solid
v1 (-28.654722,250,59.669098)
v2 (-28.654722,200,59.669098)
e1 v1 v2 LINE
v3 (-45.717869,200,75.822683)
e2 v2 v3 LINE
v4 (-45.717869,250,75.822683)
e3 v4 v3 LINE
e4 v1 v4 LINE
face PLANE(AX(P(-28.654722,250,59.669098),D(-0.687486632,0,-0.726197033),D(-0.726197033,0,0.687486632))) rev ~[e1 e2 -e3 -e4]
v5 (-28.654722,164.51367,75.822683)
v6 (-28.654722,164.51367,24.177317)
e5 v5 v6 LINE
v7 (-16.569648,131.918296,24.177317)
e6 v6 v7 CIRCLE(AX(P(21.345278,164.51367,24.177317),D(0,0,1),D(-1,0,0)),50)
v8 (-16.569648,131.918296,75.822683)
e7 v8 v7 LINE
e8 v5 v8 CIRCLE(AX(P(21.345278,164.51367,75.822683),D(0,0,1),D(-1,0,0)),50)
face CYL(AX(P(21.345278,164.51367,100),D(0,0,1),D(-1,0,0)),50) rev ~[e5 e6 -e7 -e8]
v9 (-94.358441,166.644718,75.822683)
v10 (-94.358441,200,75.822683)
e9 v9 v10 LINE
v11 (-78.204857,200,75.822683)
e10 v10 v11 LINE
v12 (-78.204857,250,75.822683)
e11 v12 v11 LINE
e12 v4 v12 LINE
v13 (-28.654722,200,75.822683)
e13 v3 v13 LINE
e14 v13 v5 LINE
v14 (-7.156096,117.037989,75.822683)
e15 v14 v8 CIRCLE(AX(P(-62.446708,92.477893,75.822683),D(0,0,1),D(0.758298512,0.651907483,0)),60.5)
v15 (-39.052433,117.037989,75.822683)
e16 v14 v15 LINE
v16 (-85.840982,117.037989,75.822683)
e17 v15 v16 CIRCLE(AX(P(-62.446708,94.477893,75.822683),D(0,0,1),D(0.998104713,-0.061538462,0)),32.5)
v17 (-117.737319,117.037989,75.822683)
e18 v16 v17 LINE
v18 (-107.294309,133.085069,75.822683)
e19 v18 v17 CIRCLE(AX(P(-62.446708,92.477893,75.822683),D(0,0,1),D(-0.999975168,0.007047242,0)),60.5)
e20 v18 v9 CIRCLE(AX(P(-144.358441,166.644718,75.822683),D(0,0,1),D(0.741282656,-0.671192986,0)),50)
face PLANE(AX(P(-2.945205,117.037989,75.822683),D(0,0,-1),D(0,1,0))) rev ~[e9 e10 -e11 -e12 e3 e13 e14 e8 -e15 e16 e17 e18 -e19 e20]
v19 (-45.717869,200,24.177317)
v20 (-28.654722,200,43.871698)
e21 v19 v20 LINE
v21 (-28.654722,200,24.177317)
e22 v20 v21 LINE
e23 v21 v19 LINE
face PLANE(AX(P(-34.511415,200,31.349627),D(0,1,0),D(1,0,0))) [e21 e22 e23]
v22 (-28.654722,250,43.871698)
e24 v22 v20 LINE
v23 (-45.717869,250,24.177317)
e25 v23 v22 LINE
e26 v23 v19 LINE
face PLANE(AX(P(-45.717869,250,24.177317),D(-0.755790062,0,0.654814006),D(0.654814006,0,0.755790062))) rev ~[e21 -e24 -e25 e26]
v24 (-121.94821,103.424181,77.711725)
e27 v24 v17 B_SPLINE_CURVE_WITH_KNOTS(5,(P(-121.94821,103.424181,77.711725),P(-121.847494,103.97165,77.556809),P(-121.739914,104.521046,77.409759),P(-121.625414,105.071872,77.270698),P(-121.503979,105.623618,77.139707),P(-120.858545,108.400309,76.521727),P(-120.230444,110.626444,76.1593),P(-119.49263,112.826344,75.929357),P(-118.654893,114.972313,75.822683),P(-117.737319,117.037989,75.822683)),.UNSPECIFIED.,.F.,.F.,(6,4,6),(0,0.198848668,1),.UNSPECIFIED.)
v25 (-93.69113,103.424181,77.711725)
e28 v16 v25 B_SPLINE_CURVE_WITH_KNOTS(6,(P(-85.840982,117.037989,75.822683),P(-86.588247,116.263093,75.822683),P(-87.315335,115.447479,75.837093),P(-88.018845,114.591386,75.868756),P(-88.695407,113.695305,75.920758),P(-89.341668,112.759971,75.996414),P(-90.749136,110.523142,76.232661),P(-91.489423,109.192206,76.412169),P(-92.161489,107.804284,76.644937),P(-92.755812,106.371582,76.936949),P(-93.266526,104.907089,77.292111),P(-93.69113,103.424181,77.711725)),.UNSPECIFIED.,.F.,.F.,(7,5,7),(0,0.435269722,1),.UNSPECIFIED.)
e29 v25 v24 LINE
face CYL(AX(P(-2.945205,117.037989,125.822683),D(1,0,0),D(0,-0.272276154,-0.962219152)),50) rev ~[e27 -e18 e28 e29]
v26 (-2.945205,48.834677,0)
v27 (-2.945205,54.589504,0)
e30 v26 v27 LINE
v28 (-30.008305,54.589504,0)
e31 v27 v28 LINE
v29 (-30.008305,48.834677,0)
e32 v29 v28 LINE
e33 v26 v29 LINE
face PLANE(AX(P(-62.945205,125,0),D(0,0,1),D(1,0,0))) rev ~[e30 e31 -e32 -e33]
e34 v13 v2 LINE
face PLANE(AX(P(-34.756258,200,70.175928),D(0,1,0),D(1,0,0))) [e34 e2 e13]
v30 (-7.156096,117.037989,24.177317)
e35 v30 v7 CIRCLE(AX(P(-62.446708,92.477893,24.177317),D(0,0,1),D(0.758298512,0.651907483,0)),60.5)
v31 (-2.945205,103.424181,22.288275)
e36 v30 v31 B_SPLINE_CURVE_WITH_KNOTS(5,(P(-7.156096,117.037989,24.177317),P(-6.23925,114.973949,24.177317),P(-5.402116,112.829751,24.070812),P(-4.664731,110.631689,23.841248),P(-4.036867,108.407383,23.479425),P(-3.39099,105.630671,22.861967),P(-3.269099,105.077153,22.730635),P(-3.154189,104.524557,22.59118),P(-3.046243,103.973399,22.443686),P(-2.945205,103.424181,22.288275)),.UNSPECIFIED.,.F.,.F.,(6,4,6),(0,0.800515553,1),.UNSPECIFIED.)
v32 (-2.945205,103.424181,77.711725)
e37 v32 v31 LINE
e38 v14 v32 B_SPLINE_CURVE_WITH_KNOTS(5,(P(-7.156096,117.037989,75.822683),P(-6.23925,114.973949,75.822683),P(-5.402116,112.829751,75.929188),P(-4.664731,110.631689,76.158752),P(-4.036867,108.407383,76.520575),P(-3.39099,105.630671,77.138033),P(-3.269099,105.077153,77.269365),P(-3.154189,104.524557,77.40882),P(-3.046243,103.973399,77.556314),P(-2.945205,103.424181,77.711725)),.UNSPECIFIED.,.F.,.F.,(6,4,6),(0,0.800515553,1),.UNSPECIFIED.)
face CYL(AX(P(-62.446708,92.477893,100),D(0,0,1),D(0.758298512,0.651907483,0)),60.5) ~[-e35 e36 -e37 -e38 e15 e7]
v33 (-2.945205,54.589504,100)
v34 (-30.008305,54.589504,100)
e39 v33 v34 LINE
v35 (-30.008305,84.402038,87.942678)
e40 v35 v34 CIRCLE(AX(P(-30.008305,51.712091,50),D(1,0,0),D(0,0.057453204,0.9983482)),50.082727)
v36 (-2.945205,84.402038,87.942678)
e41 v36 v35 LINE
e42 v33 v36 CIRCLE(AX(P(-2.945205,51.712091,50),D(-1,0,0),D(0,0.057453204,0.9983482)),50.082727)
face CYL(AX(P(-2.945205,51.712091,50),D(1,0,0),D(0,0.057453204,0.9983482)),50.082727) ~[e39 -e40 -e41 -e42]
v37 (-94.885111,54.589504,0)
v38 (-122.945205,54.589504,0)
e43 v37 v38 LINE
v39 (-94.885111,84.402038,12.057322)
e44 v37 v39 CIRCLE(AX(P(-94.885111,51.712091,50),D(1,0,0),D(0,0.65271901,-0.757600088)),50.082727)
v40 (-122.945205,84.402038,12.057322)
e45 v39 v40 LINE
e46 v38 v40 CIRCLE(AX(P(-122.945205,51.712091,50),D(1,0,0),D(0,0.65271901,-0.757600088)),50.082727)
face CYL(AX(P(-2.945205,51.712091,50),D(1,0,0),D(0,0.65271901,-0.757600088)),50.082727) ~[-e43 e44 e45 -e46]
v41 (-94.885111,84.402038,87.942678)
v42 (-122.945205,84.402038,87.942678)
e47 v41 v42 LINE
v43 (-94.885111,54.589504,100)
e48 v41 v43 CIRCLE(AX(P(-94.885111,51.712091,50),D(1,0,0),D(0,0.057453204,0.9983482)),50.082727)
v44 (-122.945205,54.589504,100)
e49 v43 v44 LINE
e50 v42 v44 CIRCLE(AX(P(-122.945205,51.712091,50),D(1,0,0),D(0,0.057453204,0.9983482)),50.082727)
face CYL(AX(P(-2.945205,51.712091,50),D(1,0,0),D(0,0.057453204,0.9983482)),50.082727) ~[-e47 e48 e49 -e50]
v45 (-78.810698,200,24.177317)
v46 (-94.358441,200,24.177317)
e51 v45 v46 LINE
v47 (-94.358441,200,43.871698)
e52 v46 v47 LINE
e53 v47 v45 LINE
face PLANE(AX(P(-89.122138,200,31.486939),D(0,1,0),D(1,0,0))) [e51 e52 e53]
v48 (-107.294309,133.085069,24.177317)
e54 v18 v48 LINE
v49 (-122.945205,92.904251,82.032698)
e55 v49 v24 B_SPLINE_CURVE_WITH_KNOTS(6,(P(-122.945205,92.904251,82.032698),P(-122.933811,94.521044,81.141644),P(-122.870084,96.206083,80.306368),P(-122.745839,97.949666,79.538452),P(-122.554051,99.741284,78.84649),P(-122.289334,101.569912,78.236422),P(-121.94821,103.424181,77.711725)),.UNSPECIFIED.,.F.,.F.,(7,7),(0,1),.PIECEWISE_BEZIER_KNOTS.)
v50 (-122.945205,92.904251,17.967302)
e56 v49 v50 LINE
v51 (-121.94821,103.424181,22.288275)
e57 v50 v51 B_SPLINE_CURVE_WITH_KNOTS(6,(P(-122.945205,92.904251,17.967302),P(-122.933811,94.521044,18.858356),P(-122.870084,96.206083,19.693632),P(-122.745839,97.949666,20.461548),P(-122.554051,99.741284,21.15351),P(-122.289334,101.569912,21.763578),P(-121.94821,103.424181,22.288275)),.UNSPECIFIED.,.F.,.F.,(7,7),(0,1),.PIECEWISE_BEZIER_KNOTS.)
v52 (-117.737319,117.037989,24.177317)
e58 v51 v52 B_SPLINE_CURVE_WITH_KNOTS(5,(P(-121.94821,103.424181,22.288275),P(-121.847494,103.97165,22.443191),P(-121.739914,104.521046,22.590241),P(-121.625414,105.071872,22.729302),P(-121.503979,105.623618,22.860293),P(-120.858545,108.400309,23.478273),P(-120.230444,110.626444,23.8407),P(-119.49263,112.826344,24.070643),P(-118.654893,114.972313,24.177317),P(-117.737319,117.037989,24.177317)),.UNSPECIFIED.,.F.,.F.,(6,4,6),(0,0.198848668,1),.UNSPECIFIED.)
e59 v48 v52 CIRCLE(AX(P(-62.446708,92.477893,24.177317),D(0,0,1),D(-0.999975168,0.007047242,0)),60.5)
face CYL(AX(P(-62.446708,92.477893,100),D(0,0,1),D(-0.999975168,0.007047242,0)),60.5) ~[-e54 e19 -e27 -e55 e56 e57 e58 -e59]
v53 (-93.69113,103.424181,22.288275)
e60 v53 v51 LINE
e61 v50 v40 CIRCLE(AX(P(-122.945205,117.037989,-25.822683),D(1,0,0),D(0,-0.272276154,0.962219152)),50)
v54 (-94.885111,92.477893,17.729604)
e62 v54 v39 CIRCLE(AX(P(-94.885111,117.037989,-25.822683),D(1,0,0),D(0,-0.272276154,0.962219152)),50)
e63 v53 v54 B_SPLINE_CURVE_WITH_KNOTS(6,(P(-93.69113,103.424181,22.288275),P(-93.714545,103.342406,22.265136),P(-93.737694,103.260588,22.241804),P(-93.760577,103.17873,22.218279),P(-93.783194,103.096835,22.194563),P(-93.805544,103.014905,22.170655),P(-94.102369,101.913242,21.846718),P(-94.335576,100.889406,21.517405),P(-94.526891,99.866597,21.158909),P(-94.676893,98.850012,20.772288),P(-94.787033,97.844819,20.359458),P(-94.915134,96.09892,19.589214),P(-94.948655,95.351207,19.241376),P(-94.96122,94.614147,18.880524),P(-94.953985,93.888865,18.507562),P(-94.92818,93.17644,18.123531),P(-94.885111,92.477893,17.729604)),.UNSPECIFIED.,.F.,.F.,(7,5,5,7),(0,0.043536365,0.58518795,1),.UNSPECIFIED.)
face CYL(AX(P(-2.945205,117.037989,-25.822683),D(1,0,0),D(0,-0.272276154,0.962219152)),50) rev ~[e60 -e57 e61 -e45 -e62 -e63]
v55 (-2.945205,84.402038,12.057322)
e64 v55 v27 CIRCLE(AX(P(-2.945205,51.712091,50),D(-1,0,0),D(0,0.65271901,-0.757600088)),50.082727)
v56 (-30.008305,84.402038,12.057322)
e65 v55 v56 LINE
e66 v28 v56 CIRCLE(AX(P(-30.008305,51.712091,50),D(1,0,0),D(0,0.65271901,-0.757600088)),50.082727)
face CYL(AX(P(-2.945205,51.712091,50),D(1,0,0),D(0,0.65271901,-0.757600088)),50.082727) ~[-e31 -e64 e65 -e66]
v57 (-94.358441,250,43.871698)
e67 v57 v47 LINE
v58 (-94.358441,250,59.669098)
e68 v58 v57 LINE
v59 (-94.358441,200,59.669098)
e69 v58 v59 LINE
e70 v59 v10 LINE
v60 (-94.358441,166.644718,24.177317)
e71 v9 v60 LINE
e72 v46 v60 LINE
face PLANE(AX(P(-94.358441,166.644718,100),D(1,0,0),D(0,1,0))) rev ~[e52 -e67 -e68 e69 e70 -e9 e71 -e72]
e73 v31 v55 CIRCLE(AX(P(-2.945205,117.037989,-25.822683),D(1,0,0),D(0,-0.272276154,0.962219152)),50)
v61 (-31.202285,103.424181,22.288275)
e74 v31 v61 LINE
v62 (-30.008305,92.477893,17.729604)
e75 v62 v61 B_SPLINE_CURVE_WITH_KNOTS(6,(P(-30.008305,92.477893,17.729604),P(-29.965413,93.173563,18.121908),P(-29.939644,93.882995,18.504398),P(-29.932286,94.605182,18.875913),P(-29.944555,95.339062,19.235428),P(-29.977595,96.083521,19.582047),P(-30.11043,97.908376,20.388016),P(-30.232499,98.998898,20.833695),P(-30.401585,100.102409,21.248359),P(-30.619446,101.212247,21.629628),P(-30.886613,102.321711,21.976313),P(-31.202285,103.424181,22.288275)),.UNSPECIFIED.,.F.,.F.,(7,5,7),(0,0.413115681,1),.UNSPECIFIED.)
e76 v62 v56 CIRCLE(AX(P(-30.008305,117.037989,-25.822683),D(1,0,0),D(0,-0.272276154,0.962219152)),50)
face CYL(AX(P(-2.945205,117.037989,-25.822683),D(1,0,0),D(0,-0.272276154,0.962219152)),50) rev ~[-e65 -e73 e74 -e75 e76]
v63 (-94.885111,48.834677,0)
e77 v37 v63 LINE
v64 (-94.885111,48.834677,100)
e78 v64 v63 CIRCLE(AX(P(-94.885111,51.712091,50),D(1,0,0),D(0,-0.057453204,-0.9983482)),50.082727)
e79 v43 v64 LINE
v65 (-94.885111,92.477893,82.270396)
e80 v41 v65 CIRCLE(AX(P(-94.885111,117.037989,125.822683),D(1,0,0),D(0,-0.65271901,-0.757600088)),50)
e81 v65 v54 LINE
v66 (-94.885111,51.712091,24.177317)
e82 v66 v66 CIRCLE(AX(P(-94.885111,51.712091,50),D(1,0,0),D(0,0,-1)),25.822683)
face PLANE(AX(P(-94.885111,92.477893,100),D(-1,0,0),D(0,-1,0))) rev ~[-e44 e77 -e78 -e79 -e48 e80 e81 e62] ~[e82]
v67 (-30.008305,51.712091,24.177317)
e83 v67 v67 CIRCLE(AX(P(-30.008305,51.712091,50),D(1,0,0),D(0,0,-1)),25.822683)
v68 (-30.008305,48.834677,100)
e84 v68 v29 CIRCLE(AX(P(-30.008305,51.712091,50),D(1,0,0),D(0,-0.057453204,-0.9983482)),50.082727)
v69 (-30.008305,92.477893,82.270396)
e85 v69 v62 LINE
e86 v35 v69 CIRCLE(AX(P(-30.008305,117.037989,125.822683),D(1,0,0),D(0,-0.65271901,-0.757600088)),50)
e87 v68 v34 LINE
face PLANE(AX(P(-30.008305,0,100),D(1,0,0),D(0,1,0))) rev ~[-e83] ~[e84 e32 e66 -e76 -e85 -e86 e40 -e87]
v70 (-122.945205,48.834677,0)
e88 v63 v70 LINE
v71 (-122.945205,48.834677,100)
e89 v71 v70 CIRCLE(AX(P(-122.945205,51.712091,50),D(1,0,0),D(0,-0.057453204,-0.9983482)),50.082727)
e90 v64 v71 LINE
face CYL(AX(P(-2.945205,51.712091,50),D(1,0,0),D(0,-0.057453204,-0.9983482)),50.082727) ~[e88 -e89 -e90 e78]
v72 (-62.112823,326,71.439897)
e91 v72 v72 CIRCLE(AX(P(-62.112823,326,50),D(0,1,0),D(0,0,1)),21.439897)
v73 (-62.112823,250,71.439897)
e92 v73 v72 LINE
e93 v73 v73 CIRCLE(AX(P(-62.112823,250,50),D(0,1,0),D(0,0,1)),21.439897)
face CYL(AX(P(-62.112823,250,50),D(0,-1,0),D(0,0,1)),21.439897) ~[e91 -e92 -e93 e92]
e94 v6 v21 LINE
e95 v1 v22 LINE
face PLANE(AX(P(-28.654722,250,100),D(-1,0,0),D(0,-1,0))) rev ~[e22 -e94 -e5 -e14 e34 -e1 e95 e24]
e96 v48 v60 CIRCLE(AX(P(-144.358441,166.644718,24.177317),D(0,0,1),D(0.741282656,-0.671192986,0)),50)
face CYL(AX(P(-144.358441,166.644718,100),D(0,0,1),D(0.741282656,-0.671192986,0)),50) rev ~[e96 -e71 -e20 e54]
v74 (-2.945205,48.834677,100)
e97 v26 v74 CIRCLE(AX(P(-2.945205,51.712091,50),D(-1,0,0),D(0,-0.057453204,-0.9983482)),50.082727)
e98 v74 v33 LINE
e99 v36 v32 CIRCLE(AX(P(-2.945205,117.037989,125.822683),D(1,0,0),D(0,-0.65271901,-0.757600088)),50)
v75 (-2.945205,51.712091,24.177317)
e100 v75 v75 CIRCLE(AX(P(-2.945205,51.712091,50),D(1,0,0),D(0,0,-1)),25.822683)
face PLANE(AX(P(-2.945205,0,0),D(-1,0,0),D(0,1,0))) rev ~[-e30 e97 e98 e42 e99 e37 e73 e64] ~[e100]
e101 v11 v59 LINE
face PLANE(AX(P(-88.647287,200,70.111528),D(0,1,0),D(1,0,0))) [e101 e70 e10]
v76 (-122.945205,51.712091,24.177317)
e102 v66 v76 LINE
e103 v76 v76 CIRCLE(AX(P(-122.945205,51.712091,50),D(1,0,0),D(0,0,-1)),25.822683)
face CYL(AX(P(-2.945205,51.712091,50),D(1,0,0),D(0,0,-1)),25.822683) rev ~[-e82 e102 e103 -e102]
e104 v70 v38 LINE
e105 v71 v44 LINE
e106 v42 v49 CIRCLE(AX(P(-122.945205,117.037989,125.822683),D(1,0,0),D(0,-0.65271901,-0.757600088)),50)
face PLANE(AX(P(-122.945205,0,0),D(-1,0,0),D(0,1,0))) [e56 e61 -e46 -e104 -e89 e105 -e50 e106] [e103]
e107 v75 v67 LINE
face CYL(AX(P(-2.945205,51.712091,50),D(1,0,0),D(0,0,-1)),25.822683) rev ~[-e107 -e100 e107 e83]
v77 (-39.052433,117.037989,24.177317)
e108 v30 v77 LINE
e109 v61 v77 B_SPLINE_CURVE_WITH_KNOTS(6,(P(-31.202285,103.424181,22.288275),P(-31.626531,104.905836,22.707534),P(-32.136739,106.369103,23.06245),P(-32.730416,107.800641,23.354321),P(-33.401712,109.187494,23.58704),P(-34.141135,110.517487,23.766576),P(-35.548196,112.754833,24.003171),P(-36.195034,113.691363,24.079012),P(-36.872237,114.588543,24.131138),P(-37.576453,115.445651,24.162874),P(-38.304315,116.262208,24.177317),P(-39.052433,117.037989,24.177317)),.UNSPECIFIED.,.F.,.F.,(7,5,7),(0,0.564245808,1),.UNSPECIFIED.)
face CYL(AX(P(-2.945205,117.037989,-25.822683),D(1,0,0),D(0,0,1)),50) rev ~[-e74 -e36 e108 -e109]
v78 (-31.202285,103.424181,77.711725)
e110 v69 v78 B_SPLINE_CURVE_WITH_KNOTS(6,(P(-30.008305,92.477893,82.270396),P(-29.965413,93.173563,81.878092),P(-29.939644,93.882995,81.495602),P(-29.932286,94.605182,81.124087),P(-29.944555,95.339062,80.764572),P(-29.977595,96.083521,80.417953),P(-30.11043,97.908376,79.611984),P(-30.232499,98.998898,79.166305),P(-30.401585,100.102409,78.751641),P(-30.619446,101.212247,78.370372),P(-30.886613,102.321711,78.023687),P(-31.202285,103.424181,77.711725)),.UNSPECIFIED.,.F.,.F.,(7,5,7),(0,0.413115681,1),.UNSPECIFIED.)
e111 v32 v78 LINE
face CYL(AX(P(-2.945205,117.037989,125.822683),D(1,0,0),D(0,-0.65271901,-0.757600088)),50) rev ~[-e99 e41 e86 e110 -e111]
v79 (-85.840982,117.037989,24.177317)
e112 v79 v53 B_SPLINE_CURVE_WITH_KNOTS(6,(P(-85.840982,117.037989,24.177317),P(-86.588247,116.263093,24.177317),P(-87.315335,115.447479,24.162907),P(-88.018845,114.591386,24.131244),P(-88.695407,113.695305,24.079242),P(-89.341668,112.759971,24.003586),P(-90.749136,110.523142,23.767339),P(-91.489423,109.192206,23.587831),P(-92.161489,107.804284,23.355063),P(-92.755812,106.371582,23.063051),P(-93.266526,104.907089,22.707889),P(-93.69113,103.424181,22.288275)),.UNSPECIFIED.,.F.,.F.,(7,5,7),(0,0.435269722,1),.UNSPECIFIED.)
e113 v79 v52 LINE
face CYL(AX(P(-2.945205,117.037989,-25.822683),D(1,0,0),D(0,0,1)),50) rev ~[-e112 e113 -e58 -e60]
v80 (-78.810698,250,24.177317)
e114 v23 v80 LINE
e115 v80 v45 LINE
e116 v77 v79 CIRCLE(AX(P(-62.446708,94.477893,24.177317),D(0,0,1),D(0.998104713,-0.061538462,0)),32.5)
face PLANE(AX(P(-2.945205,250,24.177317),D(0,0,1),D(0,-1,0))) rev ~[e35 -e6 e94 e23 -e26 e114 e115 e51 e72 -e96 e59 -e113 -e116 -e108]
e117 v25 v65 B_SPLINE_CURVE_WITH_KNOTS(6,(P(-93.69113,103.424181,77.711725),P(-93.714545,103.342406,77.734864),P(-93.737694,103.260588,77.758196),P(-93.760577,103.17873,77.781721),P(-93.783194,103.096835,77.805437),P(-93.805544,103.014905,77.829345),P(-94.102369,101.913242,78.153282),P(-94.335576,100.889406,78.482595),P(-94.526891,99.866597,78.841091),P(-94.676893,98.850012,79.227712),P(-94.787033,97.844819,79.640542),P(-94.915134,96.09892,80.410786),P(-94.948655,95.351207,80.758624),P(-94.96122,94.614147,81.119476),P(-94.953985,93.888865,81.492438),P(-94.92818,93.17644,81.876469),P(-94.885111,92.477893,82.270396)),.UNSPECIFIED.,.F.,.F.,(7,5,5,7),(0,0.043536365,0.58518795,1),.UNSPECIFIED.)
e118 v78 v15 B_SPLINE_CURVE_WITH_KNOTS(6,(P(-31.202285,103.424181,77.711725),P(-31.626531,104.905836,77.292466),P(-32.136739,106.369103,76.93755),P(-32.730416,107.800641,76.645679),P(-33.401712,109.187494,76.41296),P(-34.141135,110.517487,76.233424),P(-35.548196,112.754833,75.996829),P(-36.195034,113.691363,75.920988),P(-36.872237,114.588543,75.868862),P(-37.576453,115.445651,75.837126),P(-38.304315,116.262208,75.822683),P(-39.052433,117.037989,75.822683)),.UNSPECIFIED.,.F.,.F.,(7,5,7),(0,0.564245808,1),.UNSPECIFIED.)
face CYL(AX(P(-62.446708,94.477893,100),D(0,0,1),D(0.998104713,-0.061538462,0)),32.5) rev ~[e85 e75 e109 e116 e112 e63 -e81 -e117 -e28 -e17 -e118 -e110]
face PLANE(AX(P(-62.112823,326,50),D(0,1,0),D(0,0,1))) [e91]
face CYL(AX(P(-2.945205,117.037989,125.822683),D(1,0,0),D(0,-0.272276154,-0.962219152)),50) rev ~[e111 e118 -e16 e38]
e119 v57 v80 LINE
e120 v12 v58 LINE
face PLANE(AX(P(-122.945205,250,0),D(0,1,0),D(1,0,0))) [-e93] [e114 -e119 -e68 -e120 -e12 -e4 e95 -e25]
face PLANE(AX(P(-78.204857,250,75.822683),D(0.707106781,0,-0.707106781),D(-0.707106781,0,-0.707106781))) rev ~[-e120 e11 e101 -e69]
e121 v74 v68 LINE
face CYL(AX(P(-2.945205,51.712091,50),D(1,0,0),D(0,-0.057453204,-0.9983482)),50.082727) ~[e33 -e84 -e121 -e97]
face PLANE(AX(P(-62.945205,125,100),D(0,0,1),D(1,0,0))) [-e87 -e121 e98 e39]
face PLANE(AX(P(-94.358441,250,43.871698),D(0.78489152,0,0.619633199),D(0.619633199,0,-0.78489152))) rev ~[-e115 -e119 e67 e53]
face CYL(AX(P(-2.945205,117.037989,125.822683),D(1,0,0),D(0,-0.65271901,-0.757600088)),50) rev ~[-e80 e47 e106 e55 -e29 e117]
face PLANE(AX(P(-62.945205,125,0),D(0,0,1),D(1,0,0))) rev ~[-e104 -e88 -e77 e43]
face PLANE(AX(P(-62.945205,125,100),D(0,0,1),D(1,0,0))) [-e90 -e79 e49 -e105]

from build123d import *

# Parameters (mm, degrees)
SKETCH1_W           = 120
SKETCH1_H           = 250
BOSS_EXTRUDE1_DEPTH = 100
CUT_EXTRUDE4_DEPTH  = 296.999195185
SKETCH3_R           = 25.822682523
CUT_EXTRUDE5_DEPTH  = 295.78805946
CUT_EXTRUDE6_DEPTH  = 50
SKETCH5_R           = 21.439897113
BOSS_EXTRUDE2_DEPTH = 76


with BuildPart() as part:
    # Sketch1 → Boss-Extrude1 (new body)
    with BuildSketch(Plane.XY):
        with Locations((-62.945205479, 125)):
            Rectangle(SKETCH1_W, SKETCH1_H)
    extrude(amount=BOSS_EXTRUDE1_DEPTH)

    # Sketch2 → Cut-Extrude4 (cut, through all)
    with BuildSketch(Plane.XY.offset(100)):
        with BuildLine():
            ThreePointArc((-30.008304656, 92.477893201), (-62.446707823, 126.977893201), (-94.885110989, 92.477893201))
            Line((-94.885110989, 92.477893201), (-94.885110989, 0))
            Line((-94.885110989, 0), (-30.008304656, 0))
            Line((-30.008304656, 0), (-30.008304656, 92.477893201))
        make_face()
        with BuildLine():
            Line((-122.945205479, 250), (-122.945205479, 92.904251347))
            ThreePointArc((-122.945205479, 92.904251347), (-118.821122518, 114.436385128), (-107.294308503, 133.085068837))
            ThreePointArc((-107.294308503, 133.085068837), (-97.704359806, 148.661484818), (-94.358441298, 166.644718124))
            Line((-94.358441298, 166.644718124), (-94.358441298, 250))
            Line((-94.358441298, 250), (-122.945205479, 250))
        make_face()
        with BuildLine():
            ThreePointArc((-16.569647846, 131.918295936), (-7.86521834, 118.575996693), (-2.945205479, 103.424181106))
            Line((-2.945205479, 103.424181106), (-2.945205479, 250))
            Line((-2.945205479, 250), (-28.654722245, 250))
            Line((-28.654722245, 250), (-28.654722245, 164.513670097))
            ThreePointArc((-28.654722245, 164.513670097), (-25.536201958, 147.131873297), (-16.569647846, 131.918295936))
        make_face()
    extrude(amount=-CUT_EXTRUDE4_DEPTH, mode=Mode.SUBTRACT)

    # Sketch3 → Cut-Extrude5 (cut, through all)
    with BuildSketch(Plane(origin=(-2.945205479, 0, 0), x_dir=(0, 0, -1), z_dir=(1, 0, 0))):
        with BuildLine():
            Line((-75.822682523, 117.037988815), (-75.822682523, 250))
            Line((-75.822682523, 250), (-100, 250))
            Line((-100, 250), (-100, 164.513670097))
            Line((-100, 164.513670097), (-100, 131.918295936))
            Line((-100, 131.918295936), (-100, 103.424181106))
            Line((-100, 103.424181106), (-77.711724939, 103.424181106))
            ThreePointArc((-77.711724939, 103.424181106), (-76.297194746, 110.165866843), (-75.822682523, 117.037988815))
        make_face()
        with BuildLine():
            ThreePointArc((-87.942678111, 84.402038305), (-81.787788797, 93.35406738), (-77.711724939, 103.424181106))
            Line((-77.711724939, 103.424181106), (-100, 103.424181106))
            Line((-100, 103.424181106), (-100, 54.589503668))
            ThreePointArc((-100, 54.589503668), (-96.429252241, 70.48984448), (-87.942678111, 84.402038305))
        make_face()
        with BuildLine():
            ThreePointArc((0, 48.834677438), (-50, 1.629363928), (-100, 48.834677438))
            Line((-100, 48.834677438), (-100, 0))
            Line((-100, 0), (0, 0))
            Line((0, 0), (0, 48.834677438))
        make_face()
        with BuildLine():
            Line((0, 103.424181106), (-22.288275061, 103.424181106))
            ThreePointArc((-22.288275061, 103.424181106), (-18.212211203, 93.35406738), (-12.057321889, 84.402038305))
            ThreePointArc((-12.057321889, 84.402038305), (-3.570747759, 70.48984448), (0, 54.589503668))
            Line((0, 54.589503668), (0, 103.424181106))
        make_face()
        with BuildLine():
            Line((0, 250), (-24.177317477, 250))
            Line((-24.177317477, 250), (-24.177317477, 117.037988815))
            ThreePointArc((-24.177317477, 117.037988815), (-23.702805254, 110.165866843), (-22.288275061, 103.424181106))
            Line((-22.288275061, 103.424181106), (0, 103.424181106))
            Line((0, 103.424181106), (0, 131.918295936))
            Line((0, 131.918295936), (0, 164.513670097))
            Line((0, 164.513670097), (0, 250))
        make_face()
        with Locations((-50, 51.712090553)):
            Circle(SKETCH3_R)
    extrude(amount=-CUT_EXTRUDE5_DEPTH, mode=Mode.SUBTRACT)

    # Sketch4 → Cut-Extrude6 (cut)
    with BuildSketch(Plane(origin=(0, 250, 0), x_dir=(1, 0, 0), z_dir=(0, 1, 0))):
        Polygon((-94.358441298, -43.871698339), (-78.810697557, -24.177317477), (-94.358441298, -24.177317477), align=None)
        Polygon((-78.20485695, -75.822682523), (-94.358441298, -59.669098176), (-94.358441298, -75.822682523), align=None)
        Polygon((-28.654722245, -24.177317477), (-45.717868589, -24.177317477), (-28.654722245, -43.871698339), align=None)
        Polygon((-28.654722245, -75.822682523), (-28.654722245, -59.669098176), (-45.717868589, -75.822682523), align=None)
    extrude(amount=-CUT_EXTRUDE6_DEPTH, mode=Mode.SUBTRACT)

    # Sketch5 → Boss-Extrude2 (add)
    with BuildSketch(Plane(origin=(0, 250, 0), x_dir=(1, 0, 0), z_dir=(0, 1, 0))):
        with Locations(Location((-62.112822921, -50, 0), (0, 0, 270))):
            Circle(SKETCH5_R)
    extrude(amount=BOSS_EXTRUDE2_DEPTH)


solid = part.part
